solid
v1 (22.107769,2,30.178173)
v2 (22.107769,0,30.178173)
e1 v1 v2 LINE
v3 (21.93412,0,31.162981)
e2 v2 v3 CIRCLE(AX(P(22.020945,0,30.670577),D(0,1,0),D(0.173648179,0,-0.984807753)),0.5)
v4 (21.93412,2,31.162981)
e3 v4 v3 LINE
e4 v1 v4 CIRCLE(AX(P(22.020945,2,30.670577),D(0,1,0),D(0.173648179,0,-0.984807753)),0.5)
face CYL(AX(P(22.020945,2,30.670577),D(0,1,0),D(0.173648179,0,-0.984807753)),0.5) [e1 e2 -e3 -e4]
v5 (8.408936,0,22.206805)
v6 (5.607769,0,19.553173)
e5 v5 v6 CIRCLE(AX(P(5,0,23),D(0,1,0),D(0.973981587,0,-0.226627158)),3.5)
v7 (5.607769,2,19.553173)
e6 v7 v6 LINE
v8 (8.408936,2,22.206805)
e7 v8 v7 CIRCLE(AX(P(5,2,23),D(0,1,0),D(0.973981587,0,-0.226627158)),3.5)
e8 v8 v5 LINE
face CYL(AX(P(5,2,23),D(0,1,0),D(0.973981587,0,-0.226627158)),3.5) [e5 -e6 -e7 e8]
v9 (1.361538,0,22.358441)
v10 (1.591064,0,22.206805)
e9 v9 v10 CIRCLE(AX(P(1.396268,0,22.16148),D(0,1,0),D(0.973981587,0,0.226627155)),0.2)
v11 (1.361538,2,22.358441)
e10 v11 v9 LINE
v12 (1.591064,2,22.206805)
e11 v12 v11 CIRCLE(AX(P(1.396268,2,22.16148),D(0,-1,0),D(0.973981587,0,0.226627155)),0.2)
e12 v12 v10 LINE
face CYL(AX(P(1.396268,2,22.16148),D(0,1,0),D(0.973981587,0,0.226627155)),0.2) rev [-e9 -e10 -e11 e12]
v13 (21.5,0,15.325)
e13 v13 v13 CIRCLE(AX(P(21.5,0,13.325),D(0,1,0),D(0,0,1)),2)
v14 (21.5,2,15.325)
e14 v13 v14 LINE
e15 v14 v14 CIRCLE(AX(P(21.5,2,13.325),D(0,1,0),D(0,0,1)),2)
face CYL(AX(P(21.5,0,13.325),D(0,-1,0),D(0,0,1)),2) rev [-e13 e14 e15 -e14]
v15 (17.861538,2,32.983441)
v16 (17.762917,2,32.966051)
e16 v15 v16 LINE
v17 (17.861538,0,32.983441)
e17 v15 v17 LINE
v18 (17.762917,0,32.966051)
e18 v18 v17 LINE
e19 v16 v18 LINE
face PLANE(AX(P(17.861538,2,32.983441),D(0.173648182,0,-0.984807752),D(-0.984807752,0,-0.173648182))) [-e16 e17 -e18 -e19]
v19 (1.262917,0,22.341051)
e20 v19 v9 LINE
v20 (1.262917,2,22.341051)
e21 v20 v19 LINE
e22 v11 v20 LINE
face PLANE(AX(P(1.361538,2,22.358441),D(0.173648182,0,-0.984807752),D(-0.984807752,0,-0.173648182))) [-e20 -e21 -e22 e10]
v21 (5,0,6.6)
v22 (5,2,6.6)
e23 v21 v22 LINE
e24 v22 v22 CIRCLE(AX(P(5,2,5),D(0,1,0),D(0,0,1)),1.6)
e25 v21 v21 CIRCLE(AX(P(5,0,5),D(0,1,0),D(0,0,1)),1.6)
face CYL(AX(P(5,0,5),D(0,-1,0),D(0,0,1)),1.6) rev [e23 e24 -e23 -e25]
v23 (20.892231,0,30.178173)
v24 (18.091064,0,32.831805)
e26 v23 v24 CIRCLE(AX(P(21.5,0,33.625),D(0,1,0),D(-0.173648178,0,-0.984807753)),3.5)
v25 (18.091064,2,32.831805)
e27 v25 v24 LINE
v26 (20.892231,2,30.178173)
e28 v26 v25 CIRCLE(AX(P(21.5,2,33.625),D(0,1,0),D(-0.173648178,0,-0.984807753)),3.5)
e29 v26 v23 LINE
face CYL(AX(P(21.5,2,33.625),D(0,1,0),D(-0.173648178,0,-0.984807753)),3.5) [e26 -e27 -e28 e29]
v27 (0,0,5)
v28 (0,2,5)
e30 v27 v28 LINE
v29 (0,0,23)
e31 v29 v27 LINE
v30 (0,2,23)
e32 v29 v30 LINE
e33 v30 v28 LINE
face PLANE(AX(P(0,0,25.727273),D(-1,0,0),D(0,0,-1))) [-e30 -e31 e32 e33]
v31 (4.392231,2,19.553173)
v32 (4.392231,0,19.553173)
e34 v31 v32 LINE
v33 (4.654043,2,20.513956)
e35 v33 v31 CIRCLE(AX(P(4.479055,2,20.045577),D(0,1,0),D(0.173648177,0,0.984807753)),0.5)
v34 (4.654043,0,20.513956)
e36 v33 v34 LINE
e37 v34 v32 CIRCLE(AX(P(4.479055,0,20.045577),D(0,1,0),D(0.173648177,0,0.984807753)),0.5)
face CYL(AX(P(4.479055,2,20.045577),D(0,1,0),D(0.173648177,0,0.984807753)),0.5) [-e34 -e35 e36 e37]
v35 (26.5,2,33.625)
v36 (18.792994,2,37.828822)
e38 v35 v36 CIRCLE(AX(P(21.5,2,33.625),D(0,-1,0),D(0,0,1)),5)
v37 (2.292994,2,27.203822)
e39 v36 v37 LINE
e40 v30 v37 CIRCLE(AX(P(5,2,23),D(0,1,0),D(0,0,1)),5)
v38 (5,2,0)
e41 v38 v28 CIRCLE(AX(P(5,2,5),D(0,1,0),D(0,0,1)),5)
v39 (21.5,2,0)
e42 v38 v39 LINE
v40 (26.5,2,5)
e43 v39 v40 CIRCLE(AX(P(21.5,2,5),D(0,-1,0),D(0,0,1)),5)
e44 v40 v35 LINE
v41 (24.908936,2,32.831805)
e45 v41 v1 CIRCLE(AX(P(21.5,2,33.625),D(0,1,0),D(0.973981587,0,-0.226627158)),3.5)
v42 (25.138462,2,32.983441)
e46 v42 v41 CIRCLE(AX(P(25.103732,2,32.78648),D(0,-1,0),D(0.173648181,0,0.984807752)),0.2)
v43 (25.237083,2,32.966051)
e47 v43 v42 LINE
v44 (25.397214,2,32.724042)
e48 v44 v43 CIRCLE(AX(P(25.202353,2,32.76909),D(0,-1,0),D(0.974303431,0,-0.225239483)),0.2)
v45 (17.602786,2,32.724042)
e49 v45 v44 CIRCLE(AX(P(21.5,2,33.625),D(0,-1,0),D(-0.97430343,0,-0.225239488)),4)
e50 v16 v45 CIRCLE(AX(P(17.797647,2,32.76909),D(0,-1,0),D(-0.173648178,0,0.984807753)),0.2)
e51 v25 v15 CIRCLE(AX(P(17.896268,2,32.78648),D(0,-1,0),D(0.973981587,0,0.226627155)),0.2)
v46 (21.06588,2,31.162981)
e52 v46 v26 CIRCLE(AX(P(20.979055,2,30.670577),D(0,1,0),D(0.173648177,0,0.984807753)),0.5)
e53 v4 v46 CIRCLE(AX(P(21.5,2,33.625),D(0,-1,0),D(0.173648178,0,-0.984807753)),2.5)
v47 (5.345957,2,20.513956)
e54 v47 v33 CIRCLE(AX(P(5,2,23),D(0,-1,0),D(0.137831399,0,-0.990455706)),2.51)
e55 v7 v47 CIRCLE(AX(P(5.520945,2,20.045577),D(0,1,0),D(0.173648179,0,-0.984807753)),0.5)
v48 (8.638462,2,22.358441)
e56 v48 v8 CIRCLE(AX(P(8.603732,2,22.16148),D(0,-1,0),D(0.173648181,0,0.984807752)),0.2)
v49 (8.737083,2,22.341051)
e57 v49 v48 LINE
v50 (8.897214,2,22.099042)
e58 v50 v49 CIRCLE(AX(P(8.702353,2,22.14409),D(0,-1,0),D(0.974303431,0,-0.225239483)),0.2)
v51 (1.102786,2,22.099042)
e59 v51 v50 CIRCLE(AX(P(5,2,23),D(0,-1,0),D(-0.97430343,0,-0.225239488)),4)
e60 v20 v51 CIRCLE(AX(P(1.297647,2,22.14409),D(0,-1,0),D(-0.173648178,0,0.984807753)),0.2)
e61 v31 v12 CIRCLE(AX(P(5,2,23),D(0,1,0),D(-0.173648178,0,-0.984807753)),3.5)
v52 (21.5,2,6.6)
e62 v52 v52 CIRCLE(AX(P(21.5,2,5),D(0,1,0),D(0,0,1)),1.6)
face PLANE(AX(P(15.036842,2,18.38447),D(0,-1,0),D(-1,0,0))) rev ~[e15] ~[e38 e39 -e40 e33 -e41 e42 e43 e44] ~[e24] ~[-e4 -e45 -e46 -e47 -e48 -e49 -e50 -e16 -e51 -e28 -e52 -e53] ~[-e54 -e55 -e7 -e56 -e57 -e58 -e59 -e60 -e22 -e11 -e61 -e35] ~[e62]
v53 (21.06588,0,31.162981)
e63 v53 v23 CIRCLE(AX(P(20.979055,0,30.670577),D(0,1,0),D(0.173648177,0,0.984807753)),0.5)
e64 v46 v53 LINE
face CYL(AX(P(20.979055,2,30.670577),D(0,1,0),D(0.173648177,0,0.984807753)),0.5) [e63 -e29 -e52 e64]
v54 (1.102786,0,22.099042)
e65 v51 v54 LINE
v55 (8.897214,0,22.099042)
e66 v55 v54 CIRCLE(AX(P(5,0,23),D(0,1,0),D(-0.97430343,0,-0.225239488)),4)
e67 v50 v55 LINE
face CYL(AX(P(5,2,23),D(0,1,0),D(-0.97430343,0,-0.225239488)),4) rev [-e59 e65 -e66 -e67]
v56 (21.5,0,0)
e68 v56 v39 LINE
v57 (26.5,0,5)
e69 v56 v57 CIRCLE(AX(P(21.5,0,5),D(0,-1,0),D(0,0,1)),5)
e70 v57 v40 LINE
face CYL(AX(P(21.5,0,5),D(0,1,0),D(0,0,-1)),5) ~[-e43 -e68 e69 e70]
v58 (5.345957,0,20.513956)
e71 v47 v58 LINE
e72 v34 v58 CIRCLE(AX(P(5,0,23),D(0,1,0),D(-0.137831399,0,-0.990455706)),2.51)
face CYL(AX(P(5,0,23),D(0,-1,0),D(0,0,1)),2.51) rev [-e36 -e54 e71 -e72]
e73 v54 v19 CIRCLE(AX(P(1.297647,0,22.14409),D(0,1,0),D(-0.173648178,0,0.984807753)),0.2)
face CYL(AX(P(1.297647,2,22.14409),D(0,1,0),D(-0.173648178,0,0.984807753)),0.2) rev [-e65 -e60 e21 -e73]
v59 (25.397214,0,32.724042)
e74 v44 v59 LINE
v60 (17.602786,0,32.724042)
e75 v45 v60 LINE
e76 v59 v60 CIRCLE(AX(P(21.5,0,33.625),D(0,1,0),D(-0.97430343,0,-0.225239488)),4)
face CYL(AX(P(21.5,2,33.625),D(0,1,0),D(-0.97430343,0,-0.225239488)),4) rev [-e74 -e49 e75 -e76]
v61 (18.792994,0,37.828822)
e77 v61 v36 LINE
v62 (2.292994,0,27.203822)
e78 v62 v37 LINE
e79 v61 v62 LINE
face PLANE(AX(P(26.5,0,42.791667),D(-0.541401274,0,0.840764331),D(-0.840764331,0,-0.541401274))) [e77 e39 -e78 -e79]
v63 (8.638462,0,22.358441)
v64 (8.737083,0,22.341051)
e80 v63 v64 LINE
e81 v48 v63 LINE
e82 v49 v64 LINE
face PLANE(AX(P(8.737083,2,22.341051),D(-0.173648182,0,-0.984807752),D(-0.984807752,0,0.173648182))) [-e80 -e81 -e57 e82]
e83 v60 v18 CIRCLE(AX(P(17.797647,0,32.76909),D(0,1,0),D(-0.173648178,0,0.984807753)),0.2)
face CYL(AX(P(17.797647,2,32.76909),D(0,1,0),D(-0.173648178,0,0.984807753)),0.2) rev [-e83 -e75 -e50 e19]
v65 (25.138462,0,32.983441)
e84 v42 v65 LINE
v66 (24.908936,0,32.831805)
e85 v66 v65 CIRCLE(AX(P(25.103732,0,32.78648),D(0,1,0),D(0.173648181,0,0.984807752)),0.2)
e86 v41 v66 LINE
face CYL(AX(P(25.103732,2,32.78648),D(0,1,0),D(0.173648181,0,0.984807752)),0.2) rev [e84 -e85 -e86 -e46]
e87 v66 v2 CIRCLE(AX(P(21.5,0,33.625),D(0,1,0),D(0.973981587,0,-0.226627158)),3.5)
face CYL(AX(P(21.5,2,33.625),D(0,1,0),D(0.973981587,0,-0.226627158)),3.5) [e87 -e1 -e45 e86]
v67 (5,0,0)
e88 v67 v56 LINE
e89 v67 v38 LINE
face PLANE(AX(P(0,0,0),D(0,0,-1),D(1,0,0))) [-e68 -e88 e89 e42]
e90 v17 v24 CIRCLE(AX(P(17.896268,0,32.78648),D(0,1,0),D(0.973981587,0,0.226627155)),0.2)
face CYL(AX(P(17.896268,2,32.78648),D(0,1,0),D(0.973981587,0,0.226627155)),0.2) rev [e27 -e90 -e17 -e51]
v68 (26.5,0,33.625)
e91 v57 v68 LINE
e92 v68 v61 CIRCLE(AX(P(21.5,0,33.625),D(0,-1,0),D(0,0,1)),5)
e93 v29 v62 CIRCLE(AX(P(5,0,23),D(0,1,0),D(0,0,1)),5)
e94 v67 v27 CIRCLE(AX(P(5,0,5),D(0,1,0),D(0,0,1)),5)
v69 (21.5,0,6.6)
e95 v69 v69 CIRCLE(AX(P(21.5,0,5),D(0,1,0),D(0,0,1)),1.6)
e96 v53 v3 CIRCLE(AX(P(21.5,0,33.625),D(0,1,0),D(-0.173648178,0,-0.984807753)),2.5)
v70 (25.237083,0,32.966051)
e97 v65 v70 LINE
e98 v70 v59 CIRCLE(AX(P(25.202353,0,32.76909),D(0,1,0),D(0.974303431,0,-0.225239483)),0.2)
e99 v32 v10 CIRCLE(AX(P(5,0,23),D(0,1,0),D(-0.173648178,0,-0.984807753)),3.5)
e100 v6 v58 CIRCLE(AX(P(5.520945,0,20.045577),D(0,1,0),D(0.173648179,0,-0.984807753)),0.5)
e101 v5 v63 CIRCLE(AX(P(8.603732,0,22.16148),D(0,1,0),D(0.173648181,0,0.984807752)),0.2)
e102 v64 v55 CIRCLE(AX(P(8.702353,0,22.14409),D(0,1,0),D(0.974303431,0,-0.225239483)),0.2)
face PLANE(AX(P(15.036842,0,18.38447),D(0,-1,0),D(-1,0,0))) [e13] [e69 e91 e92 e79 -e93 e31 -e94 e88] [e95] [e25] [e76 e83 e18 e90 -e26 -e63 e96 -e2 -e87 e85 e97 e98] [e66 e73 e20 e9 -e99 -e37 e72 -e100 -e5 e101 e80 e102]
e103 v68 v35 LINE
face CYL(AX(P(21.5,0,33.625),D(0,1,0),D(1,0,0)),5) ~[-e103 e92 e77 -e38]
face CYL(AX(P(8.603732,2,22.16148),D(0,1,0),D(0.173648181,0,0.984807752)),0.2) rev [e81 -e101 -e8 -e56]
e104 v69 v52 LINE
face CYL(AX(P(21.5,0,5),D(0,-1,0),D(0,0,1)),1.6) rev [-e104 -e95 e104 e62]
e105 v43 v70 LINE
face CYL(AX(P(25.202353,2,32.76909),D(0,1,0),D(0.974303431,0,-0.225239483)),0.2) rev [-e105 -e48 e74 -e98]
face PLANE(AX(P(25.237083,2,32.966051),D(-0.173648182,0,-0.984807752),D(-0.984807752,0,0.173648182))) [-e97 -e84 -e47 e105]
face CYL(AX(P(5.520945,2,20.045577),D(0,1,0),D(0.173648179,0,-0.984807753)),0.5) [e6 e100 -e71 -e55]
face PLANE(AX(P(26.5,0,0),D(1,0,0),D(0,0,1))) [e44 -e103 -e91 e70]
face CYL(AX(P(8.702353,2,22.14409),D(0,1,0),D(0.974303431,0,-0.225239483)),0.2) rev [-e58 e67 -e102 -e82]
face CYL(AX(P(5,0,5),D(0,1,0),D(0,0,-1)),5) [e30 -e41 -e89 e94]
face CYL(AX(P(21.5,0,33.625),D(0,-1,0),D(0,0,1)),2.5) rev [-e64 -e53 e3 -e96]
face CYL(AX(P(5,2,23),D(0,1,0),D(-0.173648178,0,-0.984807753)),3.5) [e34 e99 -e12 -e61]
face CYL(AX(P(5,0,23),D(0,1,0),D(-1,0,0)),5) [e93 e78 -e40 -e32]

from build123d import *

# Parameters (mm, degrees)
SKETCH1_R           = 2.51
SKETCH1_R_2         = 2.5
SKETCH1_R_3         = 1.6
SKETCH1_R_4         = 2
BOSS_EXTRUDE1_DEPTH = 2
FILLET1_R           = 5
CUT_EXTRUDE2_DEPTH  = 47.884332404


with BuildPart() as part:
    # Sketch1 → Boss-Extrude1 (new body)
    with BuildSketch(Plane(origin=(0, 0, 0), x_dir=(1, 0, 0), z_dir=(0, 1, 0))):
        Polygon((0, 0), (26.5, 0), (26.5, -42.791666667), (0, -25.727272727), align=None)
        with Locations(Location((5, -23, 0), (0, 0, 270))):
            Circle(SKETCH1_R, mode=Mode.SUBTRACT)
        with Locations(Location((21.5, -33.625, 0), (0, 0, 270))):
            Circle(SKETCH1_R_2, mode=Mode.SUBTRACT)
        with Locations(Location((21.5, -5, 0), (0, 0, 270))):
            Circle(SKETCH1_R_3, mode=Mode.SUBTRACT)
        with Locations(Location((5, -5, 0), (0, 0, 270))):
            Circle(SKETCH1_R_3, mode=Mode.SUBTRACT)
        with Locations(Location((21.5, -13.325, 0), (0, 0, 270))):
            Circle(SKETCH1_R_4, mode=Mode.SUBTRACT)
    extrude(amount=BOSS_EXTRUDE1_DEPTH)

    # Fillet1
    fillet1_edges = [part.edges().sort_by_distance(p)[0] for p in [
        (0, 1, 0),
        (26.5, 1, 0),
        (26.5, 1, 42.791666667),
        (0, 1, 25.727272727),
    ]]
    fillet(fillet1_edges, radius=FILLET1_R)

    # Sketch2 → Cut-Extrude2 (cut, through all)
    with BuildSketch(Plane(origin=(0, 2, 0), x_dir=(1, 0, 0), z_dir=(0, 1, 0))):
        with BuildLine():
            Line((17.861538493, -32.983441068), (17.762917332, -32.966051496))
            ThreePointArc((17.762917332, -32.966051496), (17.630853466, -32.879452656), (17.602786281, -32.724042048))
            ThreePointArc((17.602786281, -32.724042048), (21.5, -29.625), (25.397213719, -32.724042048))
            ThreePointArc((25.397213719, -32.724042048), (25.369146534, -32.879452656), (25.237082668, -32.966051496))
            Line((25.237082668, -32.966051496), (25.138461507, -32.983441068))
            ThreePointArc((25.138461507, -32.983441068), (24.993487988, -32.953351583), (24.908935554, -32.831804949))
            ThreePointArc((24.908935554, -32.831804949), (23.907056069, -31.084118051), (22.107768622, -30.178172864))
            ThreePointArc((22.107768622, -30.178172864), (21.528540656, -30.583752652), (21.934120444, -31.162980617))
            ThreePointArc((21.934120444, -31.162980617), (21.5, -31.125), (21.065879556, -31.162980617))
            ThreePointArc((21.065879556, -31.162980617), (21.471459344, -30.583752652), (20.892231378, -30.178172864))
            ThreePointArc((20.892231378, -30.178172864), (19.092943931, -31.084118051), (18.091064446, -32.831804949))
            ThreePointArc((18.091064446, -32.831804949), (18.006512012, -32.953351583), (17.861538493, -32.983441068))
        make_face()
        with BuildLine():
            Line((1.361538493, -22.358441068), (1.262917332, -22.341051496))
            ThreePointArc((1.262917332, -22.341051496), (1.130853466, -22.254452656), (1.102786281, -22.099042048))
            ThreePointArc((1.102786281, -22.099042048), (5, -19), (8.897213719, -22.099042048))
            ThreePointArc((8.897213719, -22.099042048), (8.869146534, -22.254452656), (8.737082668, -22.341051496))
            Line((8.737082668, -22.341051496), (8.638461507, -22.358441068))
            ThreePointArc((8.638461507, -22.358441068), (8.493487988, -22.328351583), (8.408935554, -22.206804949))
            ThreePointArc((8.408935554, -22.206804949), (7.407056069, -20.459118051), (5.607768622, -19.553172864))
            ThreePointArc((5.607768622, -19.553172864), (5.028540656, -19.958752652), (5.434120444, -20.537980617))
            ThreePointArc((5.434120444, -20.537980617), (5, -20.5), (4.565879556, -20.537980617))
            ThreePointArc((4.565879556, -20.537980617), (4.971459344, -19.958752652), (4.392231378, -19.553172864))
            ThreePointArc((4.392231378, -19.553172864), (2.592943931, -20.459118051), (1.591064446, -22.206804949))
            ThreePointArc((1.591064446, -22.206804949), (1.506512012, -22.328351583), (1.361538493, -22.358441068))
        make_face()
    extrude(amount=-CUT_EXTRUDE2_DEPTH, mode=Mode.SUBTRACT)


solid = part.part
